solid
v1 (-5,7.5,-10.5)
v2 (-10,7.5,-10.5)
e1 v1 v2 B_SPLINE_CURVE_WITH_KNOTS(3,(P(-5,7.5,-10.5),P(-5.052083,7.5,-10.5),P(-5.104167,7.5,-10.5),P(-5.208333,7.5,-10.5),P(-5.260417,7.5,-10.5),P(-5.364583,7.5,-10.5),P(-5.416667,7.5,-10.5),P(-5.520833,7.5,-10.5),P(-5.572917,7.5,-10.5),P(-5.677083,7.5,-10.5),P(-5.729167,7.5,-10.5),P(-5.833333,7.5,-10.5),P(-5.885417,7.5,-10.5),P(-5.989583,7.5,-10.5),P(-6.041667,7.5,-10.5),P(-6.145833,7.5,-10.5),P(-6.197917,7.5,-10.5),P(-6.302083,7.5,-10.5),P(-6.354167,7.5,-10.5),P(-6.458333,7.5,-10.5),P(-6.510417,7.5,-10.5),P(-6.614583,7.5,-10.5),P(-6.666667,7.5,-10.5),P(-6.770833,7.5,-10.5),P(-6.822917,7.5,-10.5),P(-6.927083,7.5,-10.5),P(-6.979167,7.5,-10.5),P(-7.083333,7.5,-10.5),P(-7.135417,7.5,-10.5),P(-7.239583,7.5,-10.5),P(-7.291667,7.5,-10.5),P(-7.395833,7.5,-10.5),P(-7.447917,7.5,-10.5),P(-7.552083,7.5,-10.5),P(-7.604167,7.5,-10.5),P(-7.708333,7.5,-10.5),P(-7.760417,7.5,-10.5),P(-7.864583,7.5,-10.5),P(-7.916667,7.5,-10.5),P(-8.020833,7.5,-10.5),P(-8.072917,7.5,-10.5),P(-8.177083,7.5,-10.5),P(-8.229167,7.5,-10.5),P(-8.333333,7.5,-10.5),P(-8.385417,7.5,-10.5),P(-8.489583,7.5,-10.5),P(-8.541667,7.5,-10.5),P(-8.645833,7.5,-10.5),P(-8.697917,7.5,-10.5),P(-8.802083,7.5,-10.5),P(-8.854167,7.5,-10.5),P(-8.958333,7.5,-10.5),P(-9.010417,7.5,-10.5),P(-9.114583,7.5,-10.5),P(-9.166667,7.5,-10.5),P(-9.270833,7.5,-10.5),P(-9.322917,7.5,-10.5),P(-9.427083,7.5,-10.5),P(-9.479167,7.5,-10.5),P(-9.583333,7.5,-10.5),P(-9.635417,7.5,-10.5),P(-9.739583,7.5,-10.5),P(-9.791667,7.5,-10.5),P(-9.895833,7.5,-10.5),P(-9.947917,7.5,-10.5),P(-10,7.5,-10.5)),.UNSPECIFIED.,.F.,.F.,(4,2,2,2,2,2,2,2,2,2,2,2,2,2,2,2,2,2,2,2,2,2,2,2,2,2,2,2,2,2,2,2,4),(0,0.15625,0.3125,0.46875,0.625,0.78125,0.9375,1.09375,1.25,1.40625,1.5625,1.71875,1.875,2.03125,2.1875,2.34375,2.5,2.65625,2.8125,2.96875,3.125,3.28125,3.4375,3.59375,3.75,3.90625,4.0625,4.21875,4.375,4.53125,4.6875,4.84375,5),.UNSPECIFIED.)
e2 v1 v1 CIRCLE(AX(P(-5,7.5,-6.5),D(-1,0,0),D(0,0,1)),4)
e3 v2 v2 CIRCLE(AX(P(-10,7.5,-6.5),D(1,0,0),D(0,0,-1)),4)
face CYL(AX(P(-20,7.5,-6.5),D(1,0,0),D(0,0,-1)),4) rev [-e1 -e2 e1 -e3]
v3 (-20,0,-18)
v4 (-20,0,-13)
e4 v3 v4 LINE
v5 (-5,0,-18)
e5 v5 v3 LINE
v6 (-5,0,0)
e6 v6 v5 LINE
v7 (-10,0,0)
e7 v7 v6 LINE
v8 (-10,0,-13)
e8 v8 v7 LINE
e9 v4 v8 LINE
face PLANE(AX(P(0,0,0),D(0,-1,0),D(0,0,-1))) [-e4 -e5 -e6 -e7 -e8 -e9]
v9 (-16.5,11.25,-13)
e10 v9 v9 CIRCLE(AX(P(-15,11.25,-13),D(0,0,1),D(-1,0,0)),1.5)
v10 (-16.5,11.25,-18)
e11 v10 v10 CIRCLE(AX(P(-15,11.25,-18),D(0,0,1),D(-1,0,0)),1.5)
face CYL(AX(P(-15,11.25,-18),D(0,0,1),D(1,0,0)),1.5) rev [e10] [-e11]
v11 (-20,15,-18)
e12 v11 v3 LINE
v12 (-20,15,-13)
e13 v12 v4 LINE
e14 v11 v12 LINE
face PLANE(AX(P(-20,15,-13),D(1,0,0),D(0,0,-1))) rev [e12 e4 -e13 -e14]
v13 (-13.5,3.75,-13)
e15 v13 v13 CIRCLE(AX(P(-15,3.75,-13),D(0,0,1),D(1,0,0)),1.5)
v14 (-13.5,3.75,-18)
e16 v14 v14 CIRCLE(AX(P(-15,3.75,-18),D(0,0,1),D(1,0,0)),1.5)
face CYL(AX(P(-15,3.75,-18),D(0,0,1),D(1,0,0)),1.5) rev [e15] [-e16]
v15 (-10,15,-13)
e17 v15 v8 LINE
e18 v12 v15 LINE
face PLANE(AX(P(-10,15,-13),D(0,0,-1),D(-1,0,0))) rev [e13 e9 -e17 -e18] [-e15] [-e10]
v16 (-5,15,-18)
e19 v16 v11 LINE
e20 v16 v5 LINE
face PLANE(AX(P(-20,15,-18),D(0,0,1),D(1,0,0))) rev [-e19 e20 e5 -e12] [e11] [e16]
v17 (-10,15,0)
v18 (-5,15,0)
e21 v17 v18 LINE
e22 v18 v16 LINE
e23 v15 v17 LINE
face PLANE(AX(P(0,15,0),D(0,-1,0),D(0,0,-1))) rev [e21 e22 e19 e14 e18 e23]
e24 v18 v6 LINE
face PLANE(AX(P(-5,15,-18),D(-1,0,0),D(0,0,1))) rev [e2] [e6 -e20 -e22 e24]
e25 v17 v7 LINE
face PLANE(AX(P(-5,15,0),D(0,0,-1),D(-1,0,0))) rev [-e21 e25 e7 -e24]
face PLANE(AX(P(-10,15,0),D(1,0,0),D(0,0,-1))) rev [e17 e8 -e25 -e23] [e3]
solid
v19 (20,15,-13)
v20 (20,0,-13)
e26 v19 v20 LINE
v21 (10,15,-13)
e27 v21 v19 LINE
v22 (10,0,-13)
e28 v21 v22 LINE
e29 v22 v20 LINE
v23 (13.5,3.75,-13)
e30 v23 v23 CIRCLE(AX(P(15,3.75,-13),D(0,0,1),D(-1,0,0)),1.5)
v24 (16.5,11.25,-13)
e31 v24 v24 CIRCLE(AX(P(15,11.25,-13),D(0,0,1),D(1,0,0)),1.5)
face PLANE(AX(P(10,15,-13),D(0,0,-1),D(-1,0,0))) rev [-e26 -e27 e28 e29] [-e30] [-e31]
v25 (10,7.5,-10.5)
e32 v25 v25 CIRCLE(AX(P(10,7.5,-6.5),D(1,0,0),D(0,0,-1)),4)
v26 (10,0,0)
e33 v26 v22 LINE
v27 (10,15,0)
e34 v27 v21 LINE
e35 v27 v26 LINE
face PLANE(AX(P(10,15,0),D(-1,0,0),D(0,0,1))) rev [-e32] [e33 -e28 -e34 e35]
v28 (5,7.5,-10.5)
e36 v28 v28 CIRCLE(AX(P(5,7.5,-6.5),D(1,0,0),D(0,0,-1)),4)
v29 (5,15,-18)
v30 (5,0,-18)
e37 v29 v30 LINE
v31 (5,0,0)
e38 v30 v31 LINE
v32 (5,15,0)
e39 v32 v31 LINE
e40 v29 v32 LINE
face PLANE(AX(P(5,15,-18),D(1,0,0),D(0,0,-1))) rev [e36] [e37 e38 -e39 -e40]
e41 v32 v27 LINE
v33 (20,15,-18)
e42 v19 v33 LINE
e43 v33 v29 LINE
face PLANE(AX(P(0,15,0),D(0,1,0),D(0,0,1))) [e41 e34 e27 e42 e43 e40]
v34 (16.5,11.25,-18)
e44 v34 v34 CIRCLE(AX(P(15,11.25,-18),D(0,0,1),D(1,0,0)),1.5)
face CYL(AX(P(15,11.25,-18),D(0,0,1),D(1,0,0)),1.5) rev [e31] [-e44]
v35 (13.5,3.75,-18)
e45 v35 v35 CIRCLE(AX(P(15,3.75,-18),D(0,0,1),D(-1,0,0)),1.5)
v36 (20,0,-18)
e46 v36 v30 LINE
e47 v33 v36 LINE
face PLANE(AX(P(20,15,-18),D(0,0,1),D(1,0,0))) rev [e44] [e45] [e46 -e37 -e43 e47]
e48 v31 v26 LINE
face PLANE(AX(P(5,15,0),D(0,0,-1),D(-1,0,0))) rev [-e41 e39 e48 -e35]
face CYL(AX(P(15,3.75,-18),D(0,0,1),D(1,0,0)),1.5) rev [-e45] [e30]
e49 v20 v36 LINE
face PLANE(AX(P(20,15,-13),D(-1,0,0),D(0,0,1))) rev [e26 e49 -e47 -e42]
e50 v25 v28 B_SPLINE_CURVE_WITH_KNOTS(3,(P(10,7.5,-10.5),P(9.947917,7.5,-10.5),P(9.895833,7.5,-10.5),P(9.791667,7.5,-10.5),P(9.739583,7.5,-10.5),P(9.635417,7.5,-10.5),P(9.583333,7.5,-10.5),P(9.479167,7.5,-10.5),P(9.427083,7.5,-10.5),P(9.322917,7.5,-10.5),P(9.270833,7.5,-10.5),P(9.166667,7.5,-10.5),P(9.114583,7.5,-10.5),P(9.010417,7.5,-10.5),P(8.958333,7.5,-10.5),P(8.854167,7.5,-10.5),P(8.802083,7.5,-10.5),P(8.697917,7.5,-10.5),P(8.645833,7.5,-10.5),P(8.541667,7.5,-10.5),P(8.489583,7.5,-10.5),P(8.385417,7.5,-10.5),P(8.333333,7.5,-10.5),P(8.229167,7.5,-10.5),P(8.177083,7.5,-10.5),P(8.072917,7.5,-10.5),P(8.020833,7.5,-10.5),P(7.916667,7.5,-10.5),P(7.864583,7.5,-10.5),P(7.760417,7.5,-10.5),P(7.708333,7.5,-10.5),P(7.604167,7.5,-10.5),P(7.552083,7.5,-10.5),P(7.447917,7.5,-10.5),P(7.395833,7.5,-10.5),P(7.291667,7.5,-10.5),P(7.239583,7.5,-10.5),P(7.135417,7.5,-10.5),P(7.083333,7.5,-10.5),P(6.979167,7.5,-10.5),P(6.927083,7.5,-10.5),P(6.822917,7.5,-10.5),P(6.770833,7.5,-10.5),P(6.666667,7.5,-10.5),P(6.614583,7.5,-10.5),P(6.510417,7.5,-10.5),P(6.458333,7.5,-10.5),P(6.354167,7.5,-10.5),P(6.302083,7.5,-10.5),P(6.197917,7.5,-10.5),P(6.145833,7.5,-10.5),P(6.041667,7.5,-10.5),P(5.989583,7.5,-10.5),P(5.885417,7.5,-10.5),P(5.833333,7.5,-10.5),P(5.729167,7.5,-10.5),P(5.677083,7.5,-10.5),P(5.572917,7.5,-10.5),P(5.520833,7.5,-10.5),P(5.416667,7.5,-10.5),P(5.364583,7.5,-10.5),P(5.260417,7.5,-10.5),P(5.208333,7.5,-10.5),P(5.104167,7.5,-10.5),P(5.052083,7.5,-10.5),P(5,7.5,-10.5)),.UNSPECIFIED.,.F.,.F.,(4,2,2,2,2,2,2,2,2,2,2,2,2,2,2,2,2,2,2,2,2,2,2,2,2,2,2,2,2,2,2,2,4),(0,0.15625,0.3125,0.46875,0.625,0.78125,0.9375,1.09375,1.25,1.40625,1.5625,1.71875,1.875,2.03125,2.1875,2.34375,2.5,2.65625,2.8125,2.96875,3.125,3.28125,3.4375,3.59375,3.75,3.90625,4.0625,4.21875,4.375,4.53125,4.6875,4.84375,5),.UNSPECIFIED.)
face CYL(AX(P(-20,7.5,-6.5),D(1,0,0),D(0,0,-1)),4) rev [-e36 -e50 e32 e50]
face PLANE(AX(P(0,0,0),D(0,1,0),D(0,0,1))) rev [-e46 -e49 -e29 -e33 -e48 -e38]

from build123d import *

# Parameters (mm, degrees)
BOSS_EXTRUDE1_DEPTH   = 15
BOSS_EXTRUDE1_2_DEPTH = 15
SKETCH2_R             = 4
CUT_EXTRUDE1_DEPTH    = 39.065732621
SKETCH3_R             = 1.5
CUT_EXTRUDE2_DEPTH    = 29.178005607


with BuildPart() as part:
    # Sketch1 → Boss-Extrude1 (new body)
    with BuildSketch(Plane(origin=(0, 0, 0), x_dir=(1, 0, 0), z_dir=(0, 1, 0))):
        Polygon((-5, 18), (-5, 0), (-10, 0), (-10, 13), (-20, 13), (-20, 18), align=None)
    extrude(amount=BOSS_EXTRUDE1_DEPTH)


with BuildPart() as body_2:
    # Sketch1 → Boss-Extrude1 2 (new body)
    with BuildSketch(Plane(origin=(0, 0, 0), x_dir=(1, 0, 0), z_dir=(0, 1, 0))):
        Polygon((20, 18), (5, 18), (5, 0), (10, 0), (10, 13), (20, 13), align=None)
    extrude(amount=BOSS_EXTRUDE1_2_DEPTH)


with BuildPart() as cut_extrude1_tool:
    # Sketch2 → Cut-Extrude1 (new, through all)
    with BuildSketch(Plane(origin=(10, 0, 0), x_dir=(0, 0, -1), z_dir=(1, 0, 0))):
        with Locations((6.5, 7.5)):
            Circle(SKETCH2_R)
    extrude(amount=-CUT_EXTRUDE1_DEPTH)


with BuildPart() as part_1:
    add(part.part)

    # Cut-Extrude1: cut by cut_extrude1_tool
    add(cut_extrude1_tool.part, mode=Mode.SUBTRACT)


with BuildPart() as body_2_1:
    add(body_2.part)

    # Cut-Extrude1: cut by cut_extrude1_tool
    add(cut_extrude1_tool.part, mode=Mode.SUBTRACT)


with BuildPart() as cut_extrude2_tool:
    # Sketch3 → Cut-Extrude2 (new, through all)
    with BuildSketch(Plane.XY.offset(-13)):
        with Locations((-15, 3.75)):
            Circle(SKETCH3_R)
        with Locations(Location((-15, 11.25, 0), (0, 0, 180))):
            Circle(SKETCH3_R)
        with Locations((15, 11.25)):
            Circle(SKETCH3_R)
        with Locations(Location((15, 3.75, 0), (0, 0, 180))):
            Circle(SKETCH3_R)
    extrude(amount=-CUT_EXTRUDE2_DEPTH)


with BuildPart() as part_2:
    add(part_1.part)

    # Cut-Extrude2: cut by cut_extrude2_tool
    add(cut_extrude2_tool.part, mode=Mode.SUBTRACT)


with BuildPart() as body_2_2:
    add(body_2_1.part)

    # Cut-Extrude2: cut by cut_extrude2_tool
    add(cut_extrude2_tool.part, mode=Mode.SUBTRACT)


solid = Compound([part_2.part, body_2_2.part])
